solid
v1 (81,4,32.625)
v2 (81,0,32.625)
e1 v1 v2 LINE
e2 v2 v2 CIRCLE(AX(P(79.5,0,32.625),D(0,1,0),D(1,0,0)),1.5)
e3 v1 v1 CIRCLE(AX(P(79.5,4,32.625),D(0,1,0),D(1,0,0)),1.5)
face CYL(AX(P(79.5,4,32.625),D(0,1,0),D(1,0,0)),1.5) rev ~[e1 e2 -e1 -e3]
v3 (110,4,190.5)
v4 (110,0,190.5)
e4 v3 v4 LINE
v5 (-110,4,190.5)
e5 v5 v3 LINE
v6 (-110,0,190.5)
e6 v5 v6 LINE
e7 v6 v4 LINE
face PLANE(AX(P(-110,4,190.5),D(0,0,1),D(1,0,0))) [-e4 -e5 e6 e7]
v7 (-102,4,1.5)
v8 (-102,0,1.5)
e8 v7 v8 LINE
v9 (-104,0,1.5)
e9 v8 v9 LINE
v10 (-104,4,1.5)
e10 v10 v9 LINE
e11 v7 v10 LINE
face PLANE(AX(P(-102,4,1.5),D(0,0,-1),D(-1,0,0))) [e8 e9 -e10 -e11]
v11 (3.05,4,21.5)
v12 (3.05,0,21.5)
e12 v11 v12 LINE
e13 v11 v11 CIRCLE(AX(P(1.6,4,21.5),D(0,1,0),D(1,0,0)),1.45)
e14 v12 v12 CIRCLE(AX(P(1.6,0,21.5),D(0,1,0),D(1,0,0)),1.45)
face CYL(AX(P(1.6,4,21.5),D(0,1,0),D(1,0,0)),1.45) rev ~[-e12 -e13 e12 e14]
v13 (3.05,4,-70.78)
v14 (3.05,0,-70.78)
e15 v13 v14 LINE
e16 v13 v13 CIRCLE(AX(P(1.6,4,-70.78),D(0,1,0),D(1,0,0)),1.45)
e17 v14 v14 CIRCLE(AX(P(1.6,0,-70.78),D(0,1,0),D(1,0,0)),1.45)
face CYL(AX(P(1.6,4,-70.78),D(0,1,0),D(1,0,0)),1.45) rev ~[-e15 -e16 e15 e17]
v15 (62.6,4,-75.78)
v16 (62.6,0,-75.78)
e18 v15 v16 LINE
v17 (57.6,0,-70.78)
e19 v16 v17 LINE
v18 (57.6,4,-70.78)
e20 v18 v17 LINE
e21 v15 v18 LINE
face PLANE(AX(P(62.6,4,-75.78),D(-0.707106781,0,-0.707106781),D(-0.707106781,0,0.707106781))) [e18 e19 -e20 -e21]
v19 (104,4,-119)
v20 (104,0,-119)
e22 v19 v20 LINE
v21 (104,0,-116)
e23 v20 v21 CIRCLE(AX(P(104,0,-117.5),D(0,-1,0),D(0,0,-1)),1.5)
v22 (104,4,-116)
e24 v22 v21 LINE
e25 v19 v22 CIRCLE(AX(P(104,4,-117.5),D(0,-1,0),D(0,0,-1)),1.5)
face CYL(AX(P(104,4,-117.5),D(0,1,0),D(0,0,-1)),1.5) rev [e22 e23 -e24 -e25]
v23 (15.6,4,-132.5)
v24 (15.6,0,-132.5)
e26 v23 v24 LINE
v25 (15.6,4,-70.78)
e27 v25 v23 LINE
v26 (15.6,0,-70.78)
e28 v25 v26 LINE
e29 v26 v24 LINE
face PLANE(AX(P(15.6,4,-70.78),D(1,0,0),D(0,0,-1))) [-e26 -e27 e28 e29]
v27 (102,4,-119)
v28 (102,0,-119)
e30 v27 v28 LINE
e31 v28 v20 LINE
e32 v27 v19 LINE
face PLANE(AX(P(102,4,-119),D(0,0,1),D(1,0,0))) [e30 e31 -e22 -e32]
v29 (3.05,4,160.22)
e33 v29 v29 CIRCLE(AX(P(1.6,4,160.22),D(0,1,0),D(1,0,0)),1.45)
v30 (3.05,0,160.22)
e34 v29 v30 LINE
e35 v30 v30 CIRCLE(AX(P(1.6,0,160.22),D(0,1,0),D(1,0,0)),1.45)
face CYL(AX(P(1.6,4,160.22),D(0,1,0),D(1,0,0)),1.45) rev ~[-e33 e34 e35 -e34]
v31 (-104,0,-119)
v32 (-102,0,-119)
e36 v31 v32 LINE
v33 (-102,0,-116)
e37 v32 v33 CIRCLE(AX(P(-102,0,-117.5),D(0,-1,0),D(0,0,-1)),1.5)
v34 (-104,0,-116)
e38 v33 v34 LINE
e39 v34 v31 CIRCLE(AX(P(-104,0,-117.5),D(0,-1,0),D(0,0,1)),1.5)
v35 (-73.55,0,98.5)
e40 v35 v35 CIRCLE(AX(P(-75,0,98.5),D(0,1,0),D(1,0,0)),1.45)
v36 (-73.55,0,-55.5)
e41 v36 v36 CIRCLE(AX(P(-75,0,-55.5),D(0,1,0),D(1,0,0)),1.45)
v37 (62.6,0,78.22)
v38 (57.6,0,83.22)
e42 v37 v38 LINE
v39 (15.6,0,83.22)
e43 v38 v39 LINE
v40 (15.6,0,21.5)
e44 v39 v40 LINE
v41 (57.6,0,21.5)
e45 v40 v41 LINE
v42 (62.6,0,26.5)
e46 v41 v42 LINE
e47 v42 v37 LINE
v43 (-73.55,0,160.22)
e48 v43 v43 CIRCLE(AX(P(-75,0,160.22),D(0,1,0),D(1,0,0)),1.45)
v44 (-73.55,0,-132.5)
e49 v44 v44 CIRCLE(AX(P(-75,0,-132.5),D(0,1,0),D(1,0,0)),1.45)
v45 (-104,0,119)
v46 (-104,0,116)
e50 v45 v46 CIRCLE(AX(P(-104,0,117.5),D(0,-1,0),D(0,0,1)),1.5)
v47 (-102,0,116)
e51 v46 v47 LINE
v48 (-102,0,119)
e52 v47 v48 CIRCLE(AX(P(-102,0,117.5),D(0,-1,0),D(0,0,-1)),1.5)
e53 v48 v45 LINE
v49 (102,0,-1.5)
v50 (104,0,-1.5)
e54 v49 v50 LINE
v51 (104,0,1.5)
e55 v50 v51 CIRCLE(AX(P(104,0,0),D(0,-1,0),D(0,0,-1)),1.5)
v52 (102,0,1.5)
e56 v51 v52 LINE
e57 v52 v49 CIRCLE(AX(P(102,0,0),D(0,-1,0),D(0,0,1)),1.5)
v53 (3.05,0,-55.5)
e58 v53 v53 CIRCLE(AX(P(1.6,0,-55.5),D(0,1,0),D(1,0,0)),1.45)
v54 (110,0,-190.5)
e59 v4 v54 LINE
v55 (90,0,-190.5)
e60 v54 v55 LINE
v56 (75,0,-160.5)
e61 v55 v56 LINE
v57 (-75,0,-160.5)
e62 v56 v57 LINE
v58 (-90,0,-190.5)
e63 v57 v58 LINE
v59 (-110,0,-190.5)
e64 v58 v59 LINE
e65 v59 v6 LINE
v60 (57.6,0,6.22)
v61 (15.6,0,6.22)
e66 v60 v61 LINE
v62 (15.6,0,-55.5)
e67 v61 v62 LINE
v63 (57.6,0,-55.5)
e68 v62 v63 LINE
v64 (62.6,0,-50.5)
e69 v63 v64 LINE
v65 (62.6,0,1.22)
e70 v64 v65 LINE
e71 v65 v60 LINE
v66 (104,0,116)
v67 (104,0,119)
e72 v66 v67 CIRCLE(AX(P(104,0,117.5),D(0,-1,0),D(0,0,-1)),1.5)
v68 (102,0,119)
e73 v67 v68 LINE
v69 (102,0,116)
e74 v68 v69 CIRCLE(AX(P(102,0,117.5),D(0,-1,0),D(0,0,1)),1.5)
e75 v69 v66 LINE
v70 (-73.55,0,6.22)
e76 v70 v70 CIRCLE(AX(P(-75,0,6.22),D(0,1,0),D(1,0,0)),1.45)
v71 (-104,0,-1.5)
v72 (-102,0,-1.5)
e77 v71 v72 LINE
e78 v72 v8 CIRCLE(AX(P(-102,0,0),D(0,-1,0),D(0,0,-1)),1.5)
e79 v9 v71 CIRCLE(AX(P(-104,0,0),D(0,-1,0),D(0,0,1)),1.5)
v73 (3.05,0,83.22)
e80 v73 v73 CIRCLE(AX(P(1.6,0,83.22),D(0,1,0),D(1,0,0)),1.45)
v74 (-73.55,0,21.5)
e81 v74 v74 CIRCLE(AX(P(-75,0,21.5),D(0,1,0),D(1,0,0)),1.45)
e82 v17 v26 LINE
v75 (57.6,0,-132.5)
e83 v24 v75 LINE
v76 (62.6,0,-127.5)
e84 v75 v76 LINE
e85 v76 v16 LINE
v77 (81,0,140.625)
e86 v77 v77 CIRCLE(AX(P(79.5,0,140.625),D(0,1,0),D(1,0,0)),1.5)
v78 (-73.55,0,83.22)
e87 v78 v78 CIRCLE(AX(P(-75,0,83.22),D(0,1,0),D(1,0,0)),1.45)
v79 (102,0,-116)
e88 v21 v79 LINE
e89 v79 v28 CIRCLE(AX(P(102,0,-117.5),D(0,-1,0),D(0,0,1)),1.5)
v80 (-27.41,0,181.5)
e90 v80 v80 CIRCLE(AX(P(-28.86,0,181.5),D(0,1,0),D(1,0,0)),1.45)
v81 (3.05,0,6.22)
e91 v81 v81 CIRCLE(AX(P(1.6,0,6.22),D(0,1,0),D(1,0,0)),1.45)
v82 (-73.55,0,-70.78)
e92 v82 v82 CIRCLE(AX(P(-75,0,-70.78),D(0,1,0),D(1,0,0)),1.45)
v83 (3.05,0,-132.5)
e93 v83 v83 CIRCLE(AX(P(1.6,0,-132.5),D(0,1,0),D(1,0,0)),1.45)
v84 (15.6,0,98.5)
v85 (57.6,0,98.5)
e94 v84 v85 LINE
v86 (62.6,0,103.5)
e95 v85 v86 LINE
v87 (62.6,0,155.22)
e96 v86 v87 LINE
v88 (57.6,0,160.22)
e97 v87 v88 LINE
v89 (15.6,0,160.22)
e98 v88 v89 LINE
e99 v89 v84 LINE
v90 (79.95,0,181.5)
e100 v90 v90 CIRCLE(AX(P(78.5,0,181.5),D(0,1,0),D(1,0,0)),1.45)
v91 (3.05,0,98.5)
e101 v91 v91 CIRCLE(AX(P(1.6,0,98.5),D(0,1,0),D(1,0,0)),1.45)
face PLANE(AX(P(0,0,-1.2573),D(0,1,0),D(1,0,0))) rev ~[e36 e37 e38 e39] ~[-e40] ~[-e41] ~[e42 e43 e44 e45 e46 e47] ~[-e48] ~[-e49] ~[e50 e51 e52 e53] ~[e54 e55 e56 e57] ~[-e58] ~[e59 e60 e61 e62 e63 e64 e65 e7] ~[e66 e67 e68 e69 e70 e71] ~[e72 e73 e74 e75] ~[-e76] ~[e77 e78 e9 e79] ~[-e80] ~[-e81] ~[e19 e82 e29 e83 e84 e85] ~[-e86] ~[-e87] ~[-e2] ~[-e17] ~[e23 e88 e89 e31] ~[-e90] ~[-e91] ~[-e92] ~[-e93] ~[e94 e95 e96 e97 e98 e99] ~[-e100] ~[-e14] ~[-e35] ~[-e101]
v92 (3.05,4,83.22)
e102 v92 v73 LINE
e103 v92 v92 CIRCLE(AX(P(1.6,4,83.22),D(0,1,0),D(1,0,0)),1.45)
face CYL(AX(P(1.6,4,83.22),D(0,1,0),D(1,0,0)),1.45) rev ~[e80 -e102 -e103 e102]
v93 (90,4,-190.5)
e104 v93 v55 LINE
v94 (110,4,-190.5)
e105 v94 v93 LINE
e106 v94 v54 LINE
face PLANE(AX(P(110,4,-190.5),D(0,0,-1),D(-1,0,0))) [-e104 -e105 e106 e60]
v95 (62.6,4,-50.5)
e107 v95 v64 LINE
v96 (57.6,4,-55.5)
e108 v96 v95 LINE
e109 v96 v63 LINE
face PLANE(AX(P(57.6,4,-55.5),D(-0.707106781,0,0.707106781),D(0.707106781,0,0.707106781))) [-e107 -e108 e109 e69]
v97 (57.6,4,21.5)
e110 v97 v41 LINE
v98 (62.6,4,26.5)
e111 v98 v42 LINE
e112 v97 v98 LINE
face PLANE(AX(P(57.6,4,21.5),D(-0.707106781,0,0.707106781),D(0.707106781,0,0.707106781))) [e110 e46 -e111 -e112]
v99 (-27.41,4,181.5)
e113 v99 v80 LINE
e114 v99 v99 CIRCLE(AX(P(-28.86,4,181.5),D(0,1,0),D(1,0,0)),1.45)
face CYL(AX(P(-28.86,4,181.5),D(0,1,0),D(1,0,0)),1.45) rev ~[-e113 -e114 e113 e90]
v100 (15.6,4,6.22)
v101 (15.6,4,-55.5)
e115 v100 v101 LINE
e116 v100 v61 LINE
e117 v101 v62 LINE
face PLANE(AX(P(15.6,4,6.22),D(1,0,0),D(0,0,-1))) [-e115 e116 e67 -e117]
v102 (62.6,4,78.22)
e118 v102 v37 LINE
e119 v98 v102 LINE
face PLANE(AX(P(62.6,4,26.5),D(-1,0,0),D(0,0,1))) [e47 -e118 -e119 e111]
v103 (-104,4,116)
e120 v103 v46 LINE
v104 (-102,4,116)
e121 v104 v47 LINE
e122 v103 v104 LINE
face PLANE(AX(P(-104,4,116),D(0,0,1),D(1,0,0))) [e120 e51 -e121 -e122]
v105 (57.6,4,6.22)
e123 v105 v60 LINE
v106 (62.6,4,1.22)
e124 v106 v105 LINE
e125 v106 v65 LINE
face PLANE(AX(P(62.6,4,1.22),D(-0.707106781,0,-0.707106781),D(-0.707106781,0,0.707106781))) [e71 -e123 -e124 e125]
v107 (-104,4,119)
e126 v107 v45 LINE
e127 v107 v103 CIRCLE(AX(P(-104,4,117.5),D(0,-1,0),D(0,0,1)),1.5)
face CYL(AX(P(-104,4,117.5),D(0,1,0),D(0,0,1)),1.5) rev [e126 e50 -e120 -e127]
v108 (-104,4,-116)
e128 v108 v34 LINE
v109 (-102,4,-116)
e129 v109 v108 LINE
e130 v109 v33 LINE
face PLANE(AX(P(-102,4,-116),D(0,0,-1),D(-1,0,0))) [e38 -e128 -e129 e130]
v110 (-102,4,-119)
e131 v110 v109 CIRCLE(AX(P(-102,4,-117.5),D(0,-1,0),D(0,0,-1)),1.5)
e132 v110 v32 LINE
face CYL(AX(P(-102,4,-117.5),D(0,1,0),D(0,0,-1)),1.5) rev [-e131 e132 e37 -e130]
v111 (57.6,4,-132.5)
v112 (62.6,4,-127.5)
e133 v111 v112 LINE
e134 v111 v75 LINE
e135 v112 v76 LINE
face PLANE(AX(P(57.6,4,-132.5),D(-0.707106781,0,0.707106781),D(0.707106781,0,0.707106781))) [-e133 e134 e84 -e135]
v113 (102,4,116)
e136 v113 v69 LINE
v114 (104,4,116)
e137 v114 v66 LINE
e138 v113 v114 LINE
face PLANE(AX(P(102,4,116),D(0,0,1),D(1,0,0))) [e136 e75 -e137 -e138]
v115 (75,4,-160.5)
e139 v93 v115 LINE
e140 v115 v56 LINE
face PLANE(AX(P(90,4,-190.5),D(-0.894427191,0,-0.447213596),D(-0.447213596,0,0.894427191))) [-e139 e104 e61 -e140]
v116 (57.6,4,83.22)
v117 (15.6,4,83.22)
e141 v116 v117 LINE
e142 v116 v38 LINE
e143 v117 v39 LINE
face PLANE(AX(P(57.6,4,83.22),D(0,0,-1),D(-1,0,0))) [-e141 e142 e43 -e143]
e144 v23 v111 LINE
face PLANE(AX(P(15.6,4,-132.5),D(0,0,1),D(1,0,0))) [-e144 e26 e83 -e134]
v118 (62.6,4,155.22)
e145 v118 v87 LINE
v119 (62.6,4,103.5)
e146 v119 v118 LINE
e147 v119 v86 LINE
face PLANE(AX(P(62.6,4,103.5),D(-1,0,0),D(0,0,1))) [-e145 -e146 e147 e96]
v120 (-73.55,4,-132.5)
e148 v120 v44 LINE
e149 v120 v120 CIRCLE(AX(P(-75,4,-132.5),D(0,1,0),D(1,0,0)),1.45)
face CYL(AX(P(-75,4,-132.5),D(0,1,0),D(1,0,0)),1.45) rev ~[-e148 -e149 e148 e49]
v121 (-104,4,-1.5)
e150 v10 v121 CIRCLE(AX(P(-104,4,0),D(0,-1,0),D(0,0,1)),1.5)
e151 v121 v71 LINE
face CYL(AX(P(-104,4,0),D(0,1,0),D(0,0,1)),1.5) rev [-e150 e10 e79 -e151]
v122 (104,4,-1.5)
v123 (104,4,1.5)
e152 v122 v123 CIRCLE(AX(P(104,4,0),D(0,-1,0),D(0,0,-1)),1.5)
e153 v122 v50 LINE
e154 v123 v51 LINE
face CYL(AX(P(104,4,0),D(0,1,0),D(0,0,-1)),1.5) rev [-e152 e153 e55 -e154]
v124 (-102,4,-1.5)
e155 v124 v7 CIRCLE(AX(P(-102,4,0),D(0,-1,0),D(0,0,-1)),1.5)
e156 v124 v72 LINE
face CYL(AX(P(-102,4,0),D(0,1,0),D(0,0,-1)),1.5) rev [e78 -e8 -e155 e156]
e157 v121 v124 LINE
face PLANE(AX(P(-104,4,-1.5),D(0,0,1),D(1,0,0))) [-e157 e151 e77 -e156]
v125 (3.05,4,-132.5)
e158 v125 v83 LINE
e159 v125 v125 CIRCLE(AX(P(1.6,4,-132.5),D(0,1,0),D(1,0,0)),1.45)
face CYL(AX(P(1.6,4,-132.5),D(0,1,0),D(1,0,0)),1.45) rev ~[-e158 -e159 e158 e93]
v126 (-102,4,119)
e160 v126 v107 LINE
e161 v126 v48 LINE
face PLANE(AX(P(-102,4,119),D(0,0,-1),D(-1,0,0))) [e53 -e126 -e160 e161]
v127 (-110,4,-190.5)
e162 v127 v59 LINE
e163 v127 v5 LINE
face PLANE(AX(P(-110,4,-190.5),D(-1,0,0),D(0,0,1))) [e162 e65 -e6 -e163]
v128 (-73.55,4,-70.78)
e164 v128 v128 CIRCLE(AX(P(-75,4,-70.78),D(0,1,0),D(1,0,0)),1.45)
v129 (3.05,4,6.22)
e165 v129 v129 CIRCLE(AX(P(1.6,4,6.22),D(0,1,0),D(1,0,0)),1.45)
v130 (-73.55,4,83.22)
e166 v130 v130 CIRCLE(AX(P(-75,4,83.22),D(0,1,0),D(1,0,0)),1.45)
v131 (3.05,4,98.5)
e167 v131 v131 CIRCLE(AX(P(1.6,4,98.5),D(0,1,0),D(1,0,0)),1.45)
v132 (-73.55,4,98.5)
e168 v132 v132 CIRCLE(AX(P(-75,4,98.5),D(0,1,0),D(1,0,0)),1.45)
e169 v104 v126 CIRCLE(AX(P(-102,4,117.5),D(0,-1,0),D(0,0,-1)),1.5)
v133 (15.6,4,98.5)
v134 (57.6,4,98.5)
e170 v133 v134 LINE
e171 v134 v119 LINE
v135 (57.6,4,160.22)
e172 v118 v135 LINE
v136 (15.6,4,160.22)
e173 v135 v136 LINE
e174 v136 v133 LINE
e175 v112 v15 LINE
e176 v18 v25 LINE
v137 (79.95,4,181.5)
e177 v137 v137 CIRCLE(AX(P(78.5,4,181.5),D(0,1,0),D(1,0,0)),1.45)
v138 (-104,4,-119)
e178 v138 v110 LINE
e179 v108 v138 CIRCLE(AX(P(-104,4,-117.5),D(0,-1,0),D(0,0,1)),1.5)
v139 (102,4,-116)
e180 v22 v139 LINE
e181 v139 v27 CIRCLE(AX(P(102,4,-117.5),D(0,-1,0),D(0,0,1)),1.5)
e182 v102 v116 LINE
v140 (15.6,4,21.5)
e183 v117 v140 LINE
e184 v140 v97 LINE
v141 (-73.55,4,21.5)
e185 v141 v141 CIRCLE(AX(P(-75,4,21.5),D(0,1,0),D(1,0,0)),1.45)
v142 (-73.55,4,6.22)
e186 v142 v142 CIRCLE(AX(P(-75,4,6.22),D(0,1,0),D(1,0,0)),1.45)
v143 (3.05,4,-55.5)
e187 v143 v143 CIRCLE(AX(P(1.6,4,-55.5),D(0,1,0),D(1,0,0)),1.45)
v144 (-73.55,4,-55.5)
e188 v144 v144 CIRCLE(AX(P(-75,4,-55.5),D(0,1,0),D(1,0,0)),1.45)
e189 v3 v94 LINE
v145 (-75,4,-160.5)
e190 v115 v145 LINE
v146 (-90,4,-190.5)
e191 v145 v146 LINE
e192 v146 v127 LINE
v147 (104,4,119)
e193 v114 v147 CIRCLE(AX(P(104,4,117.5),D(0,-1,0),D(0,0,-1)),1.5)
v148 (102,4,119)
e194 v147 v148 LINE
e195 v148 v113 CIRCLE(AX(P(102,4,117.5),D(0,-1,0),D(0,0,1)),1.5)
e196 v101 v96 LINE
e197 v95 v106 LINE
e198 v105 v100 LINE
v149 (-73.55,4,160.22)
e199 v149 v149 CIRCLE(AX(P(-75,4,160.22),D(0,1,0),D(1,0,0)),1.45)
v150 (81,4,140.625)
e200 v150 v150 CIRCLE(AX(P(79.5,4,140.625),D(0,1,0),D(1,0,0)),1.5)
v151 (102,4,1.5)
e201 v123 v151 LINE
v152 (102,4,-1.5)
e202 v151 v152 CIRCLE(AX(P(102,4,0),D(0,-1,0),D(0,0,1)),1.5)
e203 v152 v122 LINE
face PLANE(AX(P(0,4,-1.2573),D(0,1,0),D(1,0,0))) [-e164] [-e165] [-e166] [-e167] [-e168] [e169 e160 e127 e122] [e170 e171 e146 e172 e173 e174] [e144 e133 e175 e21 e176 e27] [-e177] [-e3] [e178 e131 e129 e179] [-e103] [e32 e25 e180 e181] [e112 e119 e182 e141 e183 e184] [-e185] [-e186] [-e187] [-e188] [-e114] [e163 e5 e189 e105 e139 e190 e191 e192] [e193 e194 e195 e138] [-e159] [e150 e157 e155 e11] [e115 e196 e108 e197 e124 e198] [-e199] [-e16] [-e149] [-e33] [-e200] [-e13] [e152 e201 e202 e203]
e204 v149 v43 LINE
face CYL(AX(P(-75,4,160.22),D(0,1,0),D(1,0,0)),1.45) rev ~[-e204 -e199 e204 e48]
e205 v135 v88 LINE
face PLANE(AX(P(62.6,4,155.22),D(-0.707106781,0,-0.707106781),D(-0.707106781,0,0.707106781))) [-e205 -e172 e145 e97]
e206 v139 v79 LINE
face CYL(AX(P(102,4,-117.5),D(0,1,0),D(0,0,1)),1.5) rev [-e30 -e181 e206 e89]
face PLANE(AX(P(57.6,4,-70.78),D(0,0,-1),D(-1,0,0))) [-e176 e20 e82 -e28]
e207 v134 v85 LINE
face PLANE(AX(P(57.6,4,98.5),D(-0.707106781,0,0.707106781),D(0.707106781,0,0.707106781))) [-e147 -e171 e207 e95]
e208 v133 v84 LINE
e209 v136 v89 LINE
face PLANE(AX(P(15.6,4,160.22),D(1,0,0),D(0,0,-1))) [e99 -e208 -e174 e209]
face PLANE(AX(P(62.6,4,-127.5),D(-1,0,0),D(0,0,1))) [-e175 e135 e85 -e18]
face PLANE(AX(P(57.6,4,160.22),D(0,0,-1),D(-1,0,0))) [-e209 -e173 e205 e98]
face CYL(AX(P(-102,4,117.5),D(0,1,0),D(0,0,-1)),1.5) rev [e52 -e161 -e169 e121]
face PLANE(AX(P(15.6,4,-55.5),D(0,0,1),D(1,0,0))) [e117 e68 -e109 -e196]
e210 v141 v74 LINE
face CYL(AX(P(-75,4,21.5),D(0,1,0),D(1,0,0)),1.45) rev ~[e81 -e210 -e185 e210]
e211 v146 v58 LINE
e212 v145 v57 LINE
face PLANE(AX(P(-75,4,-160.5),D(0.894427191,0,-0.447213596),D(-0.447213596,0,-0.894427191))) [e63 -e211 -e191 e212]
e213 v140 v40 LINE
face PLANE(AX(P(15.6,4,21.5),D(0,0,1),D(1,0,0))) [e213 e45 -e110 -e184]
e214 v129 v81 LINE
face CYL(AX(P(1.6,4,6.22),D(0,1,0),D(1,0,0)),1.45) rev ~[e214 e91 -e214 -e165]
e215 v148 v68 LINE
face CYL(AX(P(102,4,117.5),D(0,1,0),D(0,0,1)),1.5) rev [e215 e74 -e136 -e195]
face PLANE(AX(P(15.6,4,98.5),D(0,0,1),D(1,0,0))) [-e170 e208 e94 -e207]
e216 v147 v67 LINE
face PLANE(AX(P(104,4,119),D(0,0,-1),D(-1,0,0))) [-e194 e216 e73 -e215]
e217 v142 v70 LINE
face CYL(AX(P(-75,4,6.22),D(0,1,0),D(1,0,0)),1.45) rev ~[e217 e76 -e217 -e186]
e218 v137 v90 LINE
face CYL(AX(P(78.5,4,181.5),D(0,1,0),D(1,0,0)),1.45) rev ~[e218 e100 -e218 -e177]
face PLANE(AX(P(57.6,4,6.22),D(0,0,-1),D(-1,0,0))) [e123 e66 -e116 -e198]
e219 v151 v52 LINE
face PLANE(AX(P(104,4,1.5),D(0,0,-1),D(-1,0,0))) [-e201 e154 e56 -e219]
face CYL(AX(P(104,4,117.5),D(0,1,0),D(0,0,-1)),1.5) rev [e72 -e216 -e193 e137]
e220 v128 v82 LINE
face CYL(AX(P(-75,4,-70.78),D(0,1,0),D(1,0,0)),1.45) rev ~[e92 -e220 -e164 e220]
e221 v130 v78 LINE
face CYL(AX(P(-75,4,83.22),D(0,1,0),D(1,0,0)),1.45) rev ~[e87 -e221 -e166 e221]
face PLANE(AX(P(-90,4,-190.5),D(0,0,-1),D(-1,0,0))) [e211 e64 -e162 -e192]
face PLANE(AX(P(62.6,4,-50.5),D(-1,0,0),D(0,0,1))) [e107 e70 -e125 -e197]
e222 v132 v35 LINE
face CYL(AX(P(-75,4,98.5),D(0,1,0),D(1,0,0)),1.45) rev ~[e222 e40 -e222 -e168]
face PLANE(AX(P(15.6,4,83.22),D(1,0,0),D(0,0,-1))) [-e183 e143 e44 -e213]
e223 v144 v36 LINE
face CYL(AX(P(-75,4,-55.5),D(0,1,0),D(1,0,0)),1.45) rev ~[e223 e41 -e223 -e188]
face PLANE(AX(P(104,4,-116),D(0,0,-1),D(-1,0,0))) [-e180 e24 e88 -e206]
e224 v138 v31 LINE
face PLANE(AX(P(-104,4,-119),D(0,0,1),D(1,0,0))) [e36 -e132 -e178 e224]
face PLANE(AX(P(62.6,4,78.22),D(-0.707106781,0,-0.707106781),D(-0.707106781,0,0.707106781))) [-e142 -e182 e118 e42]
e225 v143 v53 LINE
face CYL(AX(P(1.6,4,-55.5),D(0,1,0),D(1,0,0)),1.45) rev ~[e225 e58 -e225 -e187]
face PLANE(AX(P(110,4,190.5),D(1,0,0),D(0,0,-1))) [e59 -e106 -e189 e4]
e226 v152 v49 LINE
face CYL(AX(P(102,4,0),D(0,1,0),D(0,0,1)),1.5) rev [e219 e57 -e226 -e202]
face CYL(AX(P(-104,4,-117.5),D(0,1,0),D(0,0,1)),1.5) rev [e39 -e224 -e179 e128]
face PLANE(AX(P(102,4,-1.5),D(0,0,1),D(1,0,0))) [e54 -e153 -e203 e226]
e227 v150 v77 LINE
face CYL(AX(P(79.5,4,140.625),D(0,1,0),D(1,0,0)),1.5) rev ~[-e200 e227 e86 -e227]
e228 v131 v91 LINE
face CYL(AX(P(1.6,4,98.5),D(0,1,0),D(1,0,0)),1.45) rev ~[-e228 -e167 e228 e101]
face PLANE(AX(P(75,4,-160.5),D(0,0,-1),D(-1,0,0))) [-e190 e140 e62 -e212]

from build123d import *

# Parameters (mm, degrees)
SKETCH_1_R      = 1.5
SKETCH_1_R_2    = 1.45
EXTRUDE_1_DEPTH = 4


with BuildPart() as part:
    # 草圖1 → 填料-伸長1 (new body)
    with BuildSketch(Plane(origin=(0, 4, 0), x_dir=(1, 0, 0), z_dir=(0, 1, 0))):
        Polygon((-75, 160.5), (-90, 190.5), (-110, 190.5), (-110, -190.5), (110, -190.5), (110, 190.5), (90, 190.5), (75, 160.5), align=None)
        with Locations((79.5, -32.625)):
            Circle(SKETCH_1_R, mode=Mode.SUBTRACT)
        with Locations((79.5, -140.625)):
            Circle(SKETCH_1_R, mode=Mode.SUBTRACT)
        with Locations((-75, 132.5)):
            Circle(SKETCH_1_R_2, mode=Mode.SUBTRACT)
        with Locations((1.6, 132.5)):
            Circle(SKETCH_1_R_2, mode=Mode.SUBTRACT)
        with Locations((-75, 70.78)):
            Circle(SKETCH_1_R_2, mode=Mode.SUBTRACT)
        with Locations((1.6, 70.78)):
            Circle(SKETCH_1_R_2, mode=Mode.SUBTRACT)
        with Locations((1.6, 55.5)):
            Circle(SKETCH_1_R_2, mode=Mode.SUBTRACT)
        with Locations((-75, 55.5)):
            Circle(SKETCH_1_R_2, mode=Mode.SUBTRACT)
        with Locations((-75, -6.22)):
            Circle(SKETCH_1_R_2, mode=Mode.SUBTRACT)
        with Locations((1.6, -6.22)):
            Circle(SKETCH_1_R_2, mode=Mode.SUBTRACT)
        with Locations((-75, -21.5)):
            Circle(SKETCH_1_R_2, mode=Mode.SUBTRACT)
        with Locations((1.6, -21.5)):
            Circle(SKETCH_1_R_2, mode=Mode.SUBTRACT)
        with Locations((-75, -83.22)):
            Circle(SKETCH_1_R_2, mode=Mode.SUBTRACT)
        with Locations((1.6, -83.22)):
            Circle(SKETCH_1_R_2, mode=Mode.SUBTRACT)
        with Locations((1.6, -98.5)):
            Circle(SKETCH_1_R_2, mode=Mode.SUBTRACT)
        with Locations((-75, -98.5)):
            Circle(SKETCH_1_R_2, mode=Mode.SUBTRACT)
        with Locations((-75, -160.22)):
            Circle(SKETCH_1_R_2, mode=Mode.SUBTRACT)
        with Locations((1.6, -160.22)):
            Circle(SKETCH_1_R_2, mode=Mode.SUBTRACT)
        with Locations((-28.86, -181.5)):
            Circle(SKETCH_1_R_2, mode=Mode.SUBTRACT)
        with Locations((78.5, -181.5)):
            Circle(SKETCH_1_R_2, mode=Mode.SUBTRACT)
        with BuildLine():
            Line((-104, 1.5), (-102, 1.5))
            ThreePointArc((-102, 1.5), (-100.5, 0), (-102, -1.5))
            Line((-102, -1.5), (-104, -1.5))
            ThreePointArc((-104, -1.5), (-105.5, 0), (-104, 1.5))
        make_face(mode=Mode.SUBTRACT)
        with BuildLine():
            Line((102, -116), (104, -116))
            ThreePointArc((104, -116), (105.5, -117.5), (104, -119))
            Line((104, -119), (102, -119))
            ThreePointArc((102, -119), (100.5, -117.5), (102, -116))
        make_face(mode=Mode.SUBTRACT)
        with BuildLine():
            Line((102, 1.5), (104, 1.5))
            ThreePointArc((104, 1.5), (105.5, 0), (104, -1.5))
            Line((104, -1.5), (102, -1.5))
            ThreePointArc((102, -1.5), (100.5, 0), (102, 1.5))
        make_face(mode=Mode.SUBTRACT)
        with BuildLine():
            Line((102, 119), (104, 119))
            ThreePointArc((104, 119), (105.5, 117.5), (104, 116))
            Line((104, 116), (102, 116))
            ThreePointArc((102, 116), (100.5, 117.5), (102, 119))
        make_face(mode=Mode.SUBTRACT)
        with BuildLine():
            Line((-104, -116), (-102, -116))
            ThreePointArc((-102, -116), (-100.5, -117.5), (-102, -119))
            Line((-102, -119), (-104, -119))
            ThreePointArc((-104, -119), (-105.5, -117.5), (-104, -116))
        make_face(mode=Mode.SUBTRACT)
        with BuildLine():
            Line((-104, 119), (-102, 119))
            ThreePointArc((-102, 119), (-100.5, 117.5), (-102, 116))
            Line((-102, 116), (-104, 116))
            ThreePointArc((-104, 116), (-105.5, 117.5), (-104, 119))
        make_face(mode=Mode.SUBTRACT)
        Polygon((15.6, 132.5), (57.6, 132.5), (62.6, 127.5), (62.6, 75.78), (57.6, 70.78), (15.6, 70.78), align=None, mode=Mode.SUBTRACT)
        Polygon((57.6, 55.5), (62.6, 50.5), (62.6, -1.22), (57.6, -6.22), (15.6, -6.22), (15.6, 55.5), align=None, mode=Mode.SUBTRACT)
        Polygon((57.6, -21.5), (62.6, -26.5), (62.6, -78.22), (57.6, -83.22), (15.6, -83.22), (15.6, -21.5), align=None, mode=Mode.SUBTRACT)
        Polygon((57.6, -98.5), (62.6, -103.5), (62.6, -155.22), (57.6, -160.22), (15.6, -160.22), (15.6, -98.5), align=None, mode=Mode.SUBTRACT)
    extrude(amount=-EXTRUDE_1_DEPTH)


solid = part.part
